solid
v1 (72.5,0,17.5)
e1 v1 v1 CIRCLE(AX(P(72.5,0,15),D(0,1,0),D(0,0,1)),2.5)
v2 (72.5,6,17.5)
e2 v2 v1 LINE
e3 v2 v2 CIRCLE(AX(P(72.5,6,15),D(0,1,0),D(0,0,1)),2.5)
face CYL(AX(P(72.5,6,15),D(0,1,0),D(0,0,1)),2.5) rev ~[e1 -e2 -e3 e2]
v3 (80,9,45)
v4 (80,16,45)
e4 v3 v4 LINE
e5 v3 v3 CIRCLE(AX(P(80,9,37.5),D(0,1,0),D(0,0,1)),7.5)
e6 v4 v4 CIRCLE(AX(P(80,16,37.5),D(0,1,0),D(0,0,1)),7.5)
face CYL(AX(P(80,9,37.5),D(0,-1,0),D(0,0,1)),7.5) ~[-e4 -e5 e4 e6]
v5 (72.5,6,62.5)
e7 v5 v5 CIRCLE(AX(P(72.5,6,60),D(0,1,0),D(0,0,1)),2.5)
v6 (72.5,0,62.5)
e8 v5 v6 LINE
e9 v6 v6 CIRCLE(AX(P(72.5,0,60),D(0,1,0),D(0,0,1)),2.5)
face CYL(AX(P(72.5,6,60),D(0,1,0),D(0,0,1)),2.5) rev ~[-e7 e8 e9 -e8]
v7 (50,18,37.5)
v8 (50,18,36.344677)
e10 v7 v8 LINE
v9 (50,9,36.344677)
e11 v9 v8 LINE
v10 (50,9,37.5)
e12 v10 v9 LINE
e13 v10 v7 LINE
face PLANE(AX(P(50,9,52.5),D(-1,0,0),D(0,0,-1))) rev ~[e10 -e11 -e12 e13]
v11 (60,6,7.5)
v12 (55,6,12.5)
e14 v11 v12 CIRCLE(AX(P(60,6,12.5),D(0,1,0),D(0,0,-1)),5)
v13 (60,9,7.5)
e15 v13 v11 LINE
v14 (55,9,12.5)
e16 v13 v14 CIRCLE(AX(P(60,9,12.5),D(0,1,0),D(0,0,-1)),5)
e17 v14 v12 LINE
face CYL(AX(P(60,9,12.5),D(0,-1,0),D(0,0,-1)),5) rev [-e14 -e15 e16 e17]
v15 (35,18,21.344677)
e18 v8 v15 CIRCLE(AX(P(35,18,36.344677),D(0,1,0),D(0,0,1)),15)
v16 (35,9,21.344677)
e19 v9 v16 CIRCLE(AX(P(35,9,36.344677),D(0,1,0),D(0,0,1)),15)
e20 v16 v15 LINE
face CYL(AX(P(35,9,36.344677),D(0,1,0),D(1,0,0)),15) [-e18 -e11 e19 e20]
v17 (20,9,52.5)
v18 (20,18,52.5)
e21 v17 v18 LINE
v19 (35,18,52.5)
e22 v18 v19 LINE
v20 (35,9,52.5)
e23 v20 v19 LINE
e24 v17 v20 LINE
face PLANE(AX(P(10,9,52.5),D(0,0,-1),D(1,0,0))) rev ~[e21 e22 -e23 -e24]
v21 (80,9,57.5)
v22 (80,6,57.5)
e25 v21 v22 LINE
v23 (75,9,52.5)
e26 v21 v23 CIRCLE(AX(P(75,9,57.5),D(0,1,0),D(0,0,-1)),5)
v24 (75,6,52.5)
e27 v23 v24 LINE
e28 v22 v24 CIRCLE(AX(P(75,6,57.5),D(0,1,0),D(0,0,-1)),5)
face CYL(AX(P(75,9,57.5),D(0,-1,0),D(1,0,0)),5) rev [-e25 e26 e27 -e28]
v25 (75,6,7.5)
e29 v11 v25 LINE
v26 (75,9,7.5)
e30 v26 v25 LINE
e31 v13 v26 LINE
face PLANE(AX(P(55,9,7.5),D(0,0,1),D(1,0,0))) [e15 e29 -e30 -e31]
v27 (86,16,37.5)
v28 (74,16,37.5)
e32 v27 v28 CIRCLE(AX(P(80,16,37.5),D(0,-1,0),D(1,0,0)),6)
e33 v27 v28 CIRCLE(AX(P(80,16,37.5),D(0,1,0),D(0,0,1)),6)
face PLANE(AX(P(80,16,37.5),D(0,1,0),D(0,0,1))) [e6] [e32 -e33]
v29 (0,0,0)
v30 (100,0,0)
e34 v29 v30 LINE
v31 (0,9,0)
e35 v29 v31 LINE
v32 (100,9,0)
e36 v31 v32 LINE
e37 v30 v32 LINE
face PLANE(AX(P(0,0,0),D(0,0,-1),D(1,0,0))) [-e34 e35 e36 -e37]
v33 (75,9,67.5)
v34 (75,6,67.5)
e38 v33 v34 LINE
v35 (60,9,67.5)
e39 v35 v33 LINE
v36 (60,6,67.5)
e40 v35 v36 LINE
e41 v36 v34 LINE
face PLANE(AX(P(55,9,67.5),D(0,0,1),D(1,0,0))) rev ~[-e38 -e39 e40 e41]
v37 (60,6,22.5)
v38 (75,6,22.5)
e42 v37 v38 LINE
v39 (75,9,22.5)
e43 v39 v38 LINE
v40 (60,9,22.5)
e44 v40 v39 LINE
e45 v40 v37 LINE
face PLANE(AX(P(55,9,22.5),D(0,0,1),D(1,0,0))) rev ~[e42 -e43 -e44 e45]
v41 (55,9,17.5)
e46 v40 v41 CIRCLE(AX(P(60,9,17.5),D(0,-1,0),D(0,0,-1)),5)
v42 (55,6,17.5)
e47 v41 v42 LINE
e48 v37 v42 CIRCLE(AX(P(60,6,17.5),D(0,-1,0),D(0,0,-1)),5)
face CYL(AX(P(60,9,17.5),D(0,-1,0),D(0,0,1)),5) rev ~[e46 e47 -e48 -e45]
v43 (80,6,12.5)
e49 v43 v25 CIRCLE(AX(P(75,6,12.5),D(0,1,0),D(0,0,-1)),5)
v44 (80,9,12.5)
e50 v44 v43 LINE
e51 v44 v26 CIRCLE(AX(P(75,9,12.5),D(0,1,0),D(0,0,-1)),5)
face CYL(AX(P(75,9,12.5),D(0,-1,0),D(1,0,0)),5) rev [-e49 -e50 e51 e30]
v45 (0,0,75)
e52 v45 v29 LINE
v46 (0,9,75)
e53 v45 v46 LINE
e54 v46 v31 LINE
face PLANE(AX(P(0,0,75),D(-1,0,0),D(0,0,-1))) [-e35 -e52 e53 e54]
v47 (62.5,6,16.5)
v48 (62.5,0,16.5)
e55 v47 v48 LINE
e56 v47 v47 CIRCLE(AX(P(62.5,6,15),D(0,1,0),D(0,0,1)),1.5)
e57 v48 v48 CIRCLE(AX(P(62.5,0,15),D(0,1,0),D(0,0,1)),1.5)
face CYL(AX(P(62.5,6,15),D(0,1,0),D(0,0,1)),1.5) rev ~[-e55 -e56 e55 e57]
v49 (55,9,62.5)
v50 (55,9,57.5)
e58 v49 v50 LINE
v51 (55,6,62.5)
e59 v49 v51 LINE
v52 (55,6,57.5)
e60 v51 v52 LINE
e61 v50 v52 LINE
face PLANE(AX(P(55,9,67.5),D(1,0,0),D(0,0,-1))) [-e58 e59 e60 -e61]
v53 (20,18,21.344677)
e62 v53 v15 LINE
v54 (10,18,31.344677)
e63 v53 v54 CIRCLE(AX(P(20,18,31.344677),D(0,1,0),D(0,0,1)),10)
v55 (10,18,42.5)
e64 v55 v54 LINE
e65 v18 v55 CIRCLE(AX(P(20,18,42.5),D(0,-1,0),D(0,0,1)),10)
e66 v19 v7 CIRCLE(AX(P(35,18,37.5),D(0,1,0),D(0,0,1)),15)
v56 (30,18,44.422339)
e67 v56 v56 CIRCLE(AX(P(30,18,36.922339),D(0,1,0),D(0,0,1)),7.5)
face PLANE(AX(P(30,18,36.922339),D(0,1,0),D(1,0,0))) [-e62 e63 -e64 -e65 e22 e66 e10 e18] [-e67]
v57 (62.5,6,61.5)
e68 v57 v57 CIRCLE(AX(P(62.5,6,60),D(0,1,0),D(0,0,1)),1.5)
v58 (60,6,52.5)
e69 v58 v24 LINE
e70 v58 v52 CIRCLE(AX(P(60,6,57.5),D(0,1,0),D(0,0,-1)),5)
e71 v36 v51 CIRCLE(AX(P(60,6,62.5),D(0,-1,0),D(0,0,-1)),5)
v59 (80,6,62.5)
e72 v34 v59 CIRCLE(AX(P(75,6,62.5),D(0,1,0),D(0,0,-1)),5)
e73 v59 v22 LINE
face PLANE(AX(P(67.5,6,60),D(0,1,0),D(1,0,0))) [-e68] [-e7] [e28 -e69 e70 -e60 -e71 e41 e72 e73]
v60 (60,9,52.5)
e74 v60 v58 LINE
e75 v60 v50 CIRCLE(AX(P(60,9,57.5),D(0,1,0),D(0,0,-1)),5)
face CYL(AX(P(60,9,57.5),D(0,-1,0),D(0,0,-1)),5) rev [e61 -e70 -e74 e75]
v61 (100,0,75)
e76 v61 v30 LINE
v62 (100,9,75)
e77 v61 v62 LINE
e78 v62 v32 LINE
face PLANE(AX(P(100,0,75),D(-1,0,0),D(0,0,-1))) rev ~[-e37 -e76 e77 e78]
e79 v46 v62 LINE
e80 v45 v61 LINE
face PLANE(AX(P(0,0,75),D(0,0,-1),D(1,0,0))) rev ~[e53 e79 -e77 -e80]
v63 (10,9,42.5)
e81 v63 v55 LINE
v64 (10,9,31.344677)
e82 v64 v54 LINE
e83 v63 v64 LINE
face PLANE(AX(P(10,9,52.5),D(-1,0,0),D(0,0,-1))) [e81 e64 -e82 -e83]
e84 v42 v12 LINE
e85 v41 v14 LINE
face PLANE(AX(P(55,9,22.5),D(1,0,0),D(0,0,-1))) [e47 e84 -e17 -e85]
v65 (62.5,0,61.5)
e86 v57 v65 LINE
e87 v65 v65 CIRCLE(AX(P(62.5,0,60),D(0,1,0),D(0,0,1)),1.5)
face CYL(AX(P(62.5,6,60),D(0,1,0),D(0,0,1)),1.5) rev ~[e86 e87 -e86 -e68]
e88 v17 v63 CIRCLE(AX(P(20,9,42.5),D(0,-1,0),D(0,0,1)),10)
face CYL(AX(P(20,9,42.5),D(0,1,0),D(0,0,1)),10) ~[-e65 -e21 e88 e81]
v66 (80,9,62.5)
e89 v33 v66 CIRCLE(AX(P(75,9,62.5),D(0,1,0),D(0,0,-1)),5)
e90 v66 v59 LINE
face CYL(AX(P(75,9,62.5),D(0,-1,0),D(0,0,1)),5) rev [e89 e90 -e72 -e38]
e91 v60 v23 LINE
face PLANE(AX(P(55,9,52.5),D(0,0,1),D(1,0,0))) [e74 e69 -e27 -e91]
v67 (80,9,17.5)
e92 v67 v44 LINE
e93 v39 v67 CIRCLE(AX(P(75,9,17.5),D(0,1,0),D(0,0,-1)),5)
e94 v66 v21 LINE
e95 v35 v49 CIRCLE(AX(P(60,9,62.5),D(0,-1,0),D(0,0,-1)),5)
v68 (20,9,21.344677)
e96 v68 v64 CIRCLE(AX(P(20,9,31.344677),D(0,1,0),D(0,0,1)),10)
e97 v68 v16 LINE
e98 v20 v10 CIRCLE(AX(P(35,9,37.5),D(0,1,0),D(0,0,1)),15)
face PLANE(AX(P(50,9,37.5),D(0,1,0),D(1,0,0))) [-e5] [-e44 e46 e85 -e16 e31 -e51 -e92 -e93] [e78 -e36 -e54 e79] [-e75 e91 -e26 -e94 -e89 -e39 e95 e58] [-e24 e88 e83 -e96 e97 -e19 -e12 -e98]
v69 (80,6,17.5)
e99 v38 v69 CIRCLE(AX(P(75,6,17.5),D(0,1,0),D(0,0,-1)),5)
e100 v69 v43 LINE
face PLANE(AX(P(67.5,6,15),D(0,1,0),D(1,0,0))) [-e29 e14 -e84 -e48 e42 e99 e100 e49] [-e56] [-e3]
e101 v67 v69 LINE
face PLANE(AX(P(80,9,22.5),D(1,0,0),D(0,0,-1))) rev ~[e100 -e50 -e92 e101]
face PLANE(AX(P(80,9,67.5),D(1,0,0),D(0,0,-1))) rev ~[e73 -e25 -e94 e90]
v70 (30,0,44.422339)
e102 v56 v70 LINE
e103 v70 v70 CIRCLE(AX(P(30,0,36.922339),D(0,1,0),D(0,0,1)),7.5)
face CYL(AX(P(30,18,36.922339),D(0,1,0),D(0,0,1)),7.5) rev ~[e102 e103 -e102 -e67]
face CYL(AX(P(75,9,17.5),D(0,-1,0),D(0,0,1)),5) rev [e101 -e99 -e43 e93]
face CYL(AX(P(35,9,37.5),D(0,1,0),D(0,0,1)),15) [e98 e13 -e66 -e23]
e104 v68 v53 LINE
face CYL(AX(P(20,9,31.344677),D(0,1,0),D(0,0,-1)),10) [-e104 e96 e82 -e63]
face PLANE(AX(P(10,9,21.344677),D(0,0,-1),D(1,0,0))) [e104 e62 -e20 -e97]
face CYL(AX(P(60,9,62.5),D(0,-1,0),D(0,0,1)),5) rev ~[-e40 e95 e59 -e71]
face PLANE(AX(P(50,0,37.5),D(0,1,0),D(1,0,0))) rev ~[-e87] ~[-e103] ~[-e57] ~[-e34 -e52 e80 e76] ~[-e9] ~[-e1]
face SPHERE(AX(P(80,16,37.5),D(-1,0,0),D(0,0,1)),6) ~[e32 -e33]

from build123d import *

# Parameters (mm, degrees)
SKETCH1_W           = 100
SKETCH1_H           = 75
BOSS_EXTRUDE1_DEPTH = 9
SKETCH2_W           = 40
SKETCH2_H           = 31.155322697
BOSS_EXTRUDE2_DEPTH = 9
FILLET1_R           = 10
FILLET2_R           = 15
SKETCH3_R           = 7.5
CUT_EXTRUDE1_DEPTH  = 127.289350303
SKETCH4_W           = 25
SKETCH4_H           = 15
CUT_EXTRUDE2_DEPTH  = 3
FILLET3_R           = 5
SKETCH5_R           = 1.5
SKETCH5_R_2         = 2.5
CUT_EXTRUDE3_DEPTH  = 7
SKETCH6_R           = 7.5
BOSS_EXTRUDE3_DEPTH = 7


with BuildPart() as part:
    # Sketch1 → Boss-Extrude1 (new body)
    with BuildSketch(Plane(origin=(0, 0, 0), x_dir=(1, 0, 0), z_dir=(0, 1, 0))):
        with Locations((50, -37.5)):
            Rectangle(SKETCH1_W, SKETCH1_H)
    extrude(amount=BOSS_EXTRUDE1_DEPTH)

    # Sketch2 → Boss-Extrude2 (add)
    with BuildSketch(Plane(origin=(0, 9, 0), x_dir=(1, 0, 0), z_dir=(0, 1, 0))):
        with Locations((30, -36.922338651)):
            Rectangle(SKETCH2_W, SKETCH2_H)
    extrude(amount=BOSS_EXTRUDE2_DEPTH)

    # Fillet1
    fillet1_edges = [part.edges().sort_by_distance(p)[0] for p in [
        (10, 13.5, 21.344677303),
        (10, 13.5, 52.5),
    ]]
    fillet(fillet1_edges, radius=FILLET1_R)

    # Fillet2
    fillet2_edges = [part.edges().sort_by_distance(p)[0] for p in [
        (50, 13.5, 52.5),
        (50, 13.5, 21.344677303),
    ]]
    fillet(fillet2_edges, radius=FILLET2_R)

    # Sketch3 → Cut-Extrude1 (cut, through all)
    with BuildSketch(Plane(origin=(0, 18, 0), x_dir=(1, 0, 0), z_dir=(0, 1, 0))):
        with Locations(Location((30, -36.922338651, 0), (0, 0, 270))):
            Circle(SKETCH3_R)
    extrude(amount=-CUT_EXTRUDE1_DEPTH, mode=Mode.SUBTRACT)

    # Sketch4 → Cut-Extrude2 (cut)
    with BuildSketch(Plane(origin=(0, 9, 0), x_dir=(1, 0, 0), z_dir=(0, 1, 0))):
        with Locations((67.5, -60)):
            Rectangle(SKETCH4_W, SKETCH4_H)
        with Locations((67.5, -15)):
            Rectangle(SKETCH4_W, SKETCH4_H)
    extrude(amount=-CUT_EXTRUDE2_DEPTH, mode=Mode.SUBTRACT)

    # Fillet3
    fillet3_edges = [part.edges().sort_by_distance(p)[0] for p in [
        (55, 7.5, 67.5),
        (55, 7.5, 52.5),
        (80, 7.5, 52.5),
        (80, 7.5, 67.5),
        (80, 7.5, 22.5),
        (55, 7.5, 22.5),
        (55, 7.5, 7.5),
        (80, 7.5, 7.5),
    ]]
    fillet(fillet3_edges, radius=FILLET3_R)

    # Sketch5 → Cut-Extrude3 (cut)
    with BuildSketch(Plane(origin=(0, 6, 0), x_dir=(1, 0, 0), z_dir=(0, 1, 0))):
        with Locations(Location((62.5, -60, 0), (0, 0, 270))):
            Circle(SKETCH5_R)
        with Locations(Location((72.5, -60, 0), (0, 0, 270))):
            Circle(SKETCH5_R_2)
        with Locations(Location((72.5, -15, 0), (0, 0, 270))):
            Circle(SKETCH5_R_2)
        with Locations(Location((62.5, -15, 0), (0, 0, 270))):
            Circle(SKETCH5_R)
    extrude(amount=-CUT_EXTRUDE3_DEPTH, mode=Mode.SUBTRACT)

    # Sketch6 → Boss-Extrude3 (add)
    with BuildSketch(Plane(origin=(0, 9, 0), x_dir=(1, 0, 0), z_dir=(0, 1, 0))):
        with Locations(Location((80, -37.5, 0), (0, 0, 270))):
            Circle(SKETCH6_R)
    extrude(amount=BOSS_EXTRUDE3_DEPTH)

    # Sketch7 → Revolve1 (revolve)
    with BuildSketch(Plane(origin=(0, 16, 0), x_dir=(1, 0, 0), z_dir=(0, 1, 0))):
        with BuildLine():
            Line((74, -37.5), (86, -37.5))
            ThreePointArc((86, -37.5), (80, -43.5), (74, -37.5))
        make_face()
    revolve(axis=Axis((72.5, 16, 37.5), (1, 0, 0)))


solid = part.part
